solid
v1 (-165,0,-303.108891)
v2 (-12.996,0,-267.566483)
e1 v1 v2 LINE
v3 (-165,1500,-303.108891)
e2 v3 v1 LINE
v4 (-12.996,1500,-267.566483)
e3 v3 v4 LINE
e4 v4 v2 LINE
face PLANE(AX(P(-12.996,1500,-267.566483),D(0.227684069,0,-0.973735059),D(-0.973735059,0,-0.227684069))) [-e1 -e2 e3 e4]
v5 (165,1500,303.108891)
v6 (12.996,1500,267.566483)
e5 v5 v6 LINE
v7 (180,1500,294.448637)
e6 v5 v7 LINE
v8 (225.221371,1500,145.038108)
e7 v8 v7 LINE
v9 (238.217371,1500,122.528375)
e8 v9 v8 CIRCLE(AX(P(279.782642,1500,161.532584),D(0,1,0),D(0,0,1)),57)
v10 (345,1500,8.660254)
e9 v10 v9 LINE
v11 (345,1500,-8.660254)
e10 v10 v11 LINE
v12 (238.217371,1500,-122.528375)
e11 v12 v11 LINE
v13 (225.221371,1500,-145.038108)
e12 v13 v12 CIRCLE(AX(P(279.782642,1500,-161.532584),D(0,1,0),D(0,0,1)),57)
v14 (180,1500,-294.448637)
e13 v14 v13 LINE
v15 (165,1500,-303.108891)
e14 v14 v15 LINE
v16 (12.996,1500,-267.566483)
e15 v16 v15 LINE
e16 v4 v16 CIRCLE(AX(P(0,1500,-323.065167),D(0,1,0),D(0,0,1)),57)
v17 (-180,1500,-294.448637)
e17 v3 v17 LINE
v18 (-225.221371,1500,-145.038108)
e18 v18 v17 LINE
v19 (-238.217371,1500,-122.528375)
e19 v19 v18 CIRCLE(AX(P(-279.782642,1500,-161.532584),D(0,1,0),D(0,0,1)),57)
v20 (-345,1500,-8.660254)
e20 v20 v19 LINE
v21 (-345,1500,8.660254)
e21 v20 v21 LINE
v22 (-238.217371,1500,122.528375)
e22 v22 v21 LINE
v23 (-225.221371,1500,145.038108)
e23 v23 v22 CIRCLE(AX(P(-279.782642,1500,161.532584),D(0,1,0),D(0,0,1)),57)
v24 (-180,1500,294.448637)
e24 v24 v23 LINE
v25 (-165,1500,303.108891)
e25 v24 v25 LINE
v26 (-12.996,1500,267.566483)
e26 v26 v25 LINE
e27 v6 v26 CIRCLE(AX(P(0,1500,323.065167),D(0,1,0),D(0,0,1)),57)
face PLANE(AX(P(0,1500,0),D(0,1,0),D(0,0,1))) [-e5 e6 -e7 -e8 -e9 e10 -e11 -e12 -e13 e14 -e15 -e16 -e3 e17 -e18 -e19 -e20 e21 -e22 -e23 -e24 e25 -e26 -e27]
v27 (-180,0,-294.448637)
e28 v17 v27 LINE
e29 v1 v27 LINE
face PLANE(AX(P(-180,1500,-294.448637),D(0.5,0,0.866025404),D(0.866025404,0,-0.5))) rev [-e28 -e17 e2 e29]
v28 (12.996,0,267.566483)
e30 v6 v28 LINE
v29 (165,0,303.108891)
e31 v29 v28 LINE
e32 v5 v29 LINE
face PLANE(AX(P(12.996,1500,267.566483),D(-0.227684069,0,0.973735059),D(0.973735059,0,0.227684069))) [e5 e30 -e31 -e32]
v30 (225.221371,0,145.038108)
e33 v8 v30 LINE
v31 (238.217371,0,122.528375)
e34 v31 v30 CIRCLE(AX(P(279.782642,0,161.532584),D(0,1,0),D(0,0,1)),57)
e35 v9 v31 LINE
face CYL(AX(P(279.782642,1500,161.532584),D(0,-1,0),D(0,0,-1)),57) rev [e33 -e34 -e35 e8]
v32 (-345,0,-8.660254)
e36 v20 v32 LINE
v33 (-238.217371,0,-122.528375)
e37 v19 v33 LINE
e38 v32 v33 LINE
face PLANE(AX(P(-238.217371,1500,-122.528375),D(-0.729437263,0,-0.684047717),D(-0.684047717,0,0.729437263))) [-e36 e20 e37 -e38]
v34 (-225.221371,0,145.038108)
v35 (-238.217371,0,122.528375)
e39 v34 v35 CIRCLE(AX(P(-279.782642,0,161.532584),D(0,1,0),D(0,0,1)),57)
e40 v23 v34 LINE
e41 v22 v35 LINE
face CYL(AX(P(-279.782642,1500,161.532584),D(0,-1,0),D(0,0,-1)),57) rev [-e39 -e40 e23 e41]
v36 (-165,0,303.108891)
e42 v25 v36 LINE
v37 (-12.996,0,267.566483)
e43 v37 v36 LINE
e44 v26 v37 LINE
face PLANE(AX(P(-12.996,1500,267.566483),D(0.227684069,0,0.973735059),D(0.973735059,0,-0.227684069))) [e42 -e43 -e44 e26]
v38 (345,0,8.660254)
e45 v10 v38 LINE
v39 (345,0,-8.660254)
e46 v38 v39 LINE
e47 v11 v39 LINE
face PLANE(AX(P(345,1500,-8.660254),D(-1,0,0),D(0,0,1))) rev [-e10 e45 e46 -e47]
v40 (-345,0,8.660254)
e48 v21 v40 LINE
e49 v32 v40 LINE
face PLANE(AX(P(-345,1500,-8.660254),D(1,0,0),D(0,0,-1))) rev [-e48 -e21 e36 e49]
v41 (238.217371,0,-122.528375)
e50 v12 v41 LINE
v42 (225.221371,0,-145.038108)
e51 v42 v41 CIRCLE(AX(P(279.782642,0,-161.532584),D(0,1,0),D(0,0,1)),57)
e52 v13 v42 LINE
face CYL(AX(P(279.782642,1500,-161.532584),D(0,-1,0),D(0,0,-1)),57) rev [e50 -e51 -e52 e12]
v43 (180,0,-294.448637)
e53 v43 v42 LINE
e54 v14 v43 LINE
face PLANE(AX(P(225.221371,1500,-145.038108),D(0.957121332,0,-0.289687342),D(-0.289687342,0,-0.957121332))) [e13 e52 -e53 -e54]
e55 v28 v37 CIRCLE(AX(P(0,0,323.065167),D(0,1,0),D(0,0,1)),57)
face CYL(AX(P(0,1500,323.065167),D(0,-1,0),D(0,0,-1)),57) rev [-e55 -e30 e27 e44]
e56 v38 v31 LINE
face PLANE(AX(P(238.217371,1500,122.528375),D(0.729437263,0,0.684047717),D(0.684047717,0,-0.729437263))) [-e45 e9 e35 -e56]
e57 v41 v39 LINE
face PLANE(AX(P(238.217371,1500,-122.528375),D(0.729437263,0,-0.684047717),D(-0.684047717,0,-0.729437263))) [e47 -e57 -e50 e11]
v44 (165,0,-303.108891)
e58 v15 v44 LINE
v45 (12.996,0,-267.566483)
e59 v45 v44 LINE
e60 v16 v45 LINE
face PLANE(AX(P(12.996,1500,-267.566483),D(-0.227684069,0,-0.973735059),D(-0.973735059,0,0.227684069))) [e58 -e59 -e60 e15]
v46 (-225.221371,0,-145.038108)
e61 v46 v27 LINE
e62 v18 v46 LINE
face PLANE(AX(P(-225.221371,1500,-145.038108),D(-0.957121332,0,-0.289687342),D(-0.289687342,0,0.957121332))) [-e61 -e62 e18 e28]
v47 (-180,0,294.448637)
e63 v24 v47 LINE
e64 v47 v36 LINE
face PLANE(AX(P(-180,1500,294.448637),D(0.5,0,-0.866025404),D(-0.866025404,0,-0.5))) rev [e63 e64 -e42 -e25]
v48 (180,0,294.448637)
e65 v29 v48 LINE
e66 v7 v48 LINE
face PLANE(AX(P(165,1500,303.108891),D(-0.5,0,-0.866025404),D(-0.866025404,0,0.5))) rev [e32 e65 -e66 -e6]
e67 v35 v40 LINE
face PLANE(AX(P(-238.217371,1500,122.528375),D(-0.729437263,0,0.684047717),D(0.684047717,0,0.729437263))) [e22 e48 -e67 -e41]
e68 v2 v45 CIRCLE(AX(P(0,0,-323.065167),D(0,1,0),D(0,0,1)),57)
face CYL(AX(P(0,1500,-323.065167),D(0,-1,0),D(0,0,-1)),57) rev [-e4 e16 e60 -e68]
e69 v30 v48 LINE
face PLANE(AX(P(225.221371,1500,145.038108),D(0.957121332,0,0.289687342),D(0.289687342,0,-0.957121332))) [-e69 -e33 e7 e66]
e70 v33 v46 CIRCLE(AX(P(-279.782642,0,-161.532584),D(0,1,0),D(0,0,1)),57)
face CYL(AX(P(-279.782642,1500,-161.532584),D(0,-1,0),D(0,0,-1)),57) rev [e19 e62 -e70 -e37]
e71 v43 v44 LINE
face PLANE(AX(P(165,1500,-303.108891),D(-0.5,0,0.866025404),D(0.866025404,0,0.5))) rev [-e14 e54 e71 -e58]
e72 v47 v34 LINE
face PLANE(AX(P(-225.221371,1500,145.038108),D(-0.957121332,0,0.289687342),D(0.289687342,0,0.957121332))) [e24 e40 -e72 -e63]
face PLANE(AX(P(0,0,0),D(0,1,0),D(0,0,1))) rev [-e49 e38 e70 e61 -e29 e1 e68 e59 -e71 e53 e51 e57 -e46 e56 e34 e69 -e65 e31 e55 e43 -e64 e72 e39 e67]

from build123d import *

# Parameters (mm, degrees)
EXTRUDE_1_DEPTH     = 1500
CUT_EXTRUDE_4_DEPTH = 1500


with BuildPart() as part:
    # 草图2 → 凸台-拉伸1 (new body)
    with BuildSketch(Plane(origin=(0, 0, 0), x_dir=(1, 0, 0), z_dir=(0, 1, 0))):
        Polygon((345, 8.660254038), (180, 294.448637287), (165, 303.108891325), (-165, 303.108891325), (-180, 294.448637287), (-345, 8.660254038), (-345, -8.660254038), (-180, -294.448637287), (-165, -303.108891325), (165, -303.108891325), (180, -294.448637287), (345, -8.660254038), align=None)
    extrude(amount=EXTRUDE_1_DEPTH)

    # 草图5 → 切除-拉伸4 (cut)
    with BuildSketch(Plane(origin=(0, 0, 0), x_dir=(1, 0, 0), z_dir=(0, 1, 0))):
        with BuildLine():
            Line((238.21737139, 122.528375301), (345, 8.660254038))
            Line((345, 8.660254038), (379.520233023, 28.590519866))
            Line((379.520233023, 28.590519866), (334.34391274, 178.027059826))
            ThreePointArc((334.34391274, 178.027059826), (329.146090081, 190.032583711), (321.34791274, 200.536792121))
            Line((321.34791274, 200.536792121), (214.969297582, 314.638170659))
            Line((214.969297582, 314.638170659), (180, 294.448637287))
            Line((180, 294.448637287), (225.22137139, 145.038107596))
            ThreePointArc((225.22137139, 145.038107596), (230.419194049, 133.032583711), (238.21737139, 122.528375301))
        make_face()
        with BuildLine():
            Line((225.22137139, -145.038107596), (180, -294.448637287))
            Line((180, -294.448637287), (214.520233023, -314.378903115))
            Line((214.520233023, -314.378903115), (321.34791274, -200.536792121))
            ThreePointArc((321.34791274, -200.536792121), (329.146090081, -190.032583711), (334.34391274, -178.027059826))
            Line((334.34391274, -178.027059826), (379.969297582, -28.84978741))
            Line((379.969297582, -28.84978741), (345, -8.660254038))
            Line((345, -8.660254038), (238.21737139, -122.528375301))
            ThreePointArc((238.21737139, -122.528375301), (230.419194049, -133.032583711), (225.22137139, -145.038107596))
        make_face()
        with BuildLine():
            Line((12.996, 267.566482896), (165, 303.108891325))
            Line((165, 303.108891325), (165, 342.969422981))
            Line((165, 342.969422981), (12.996, 378.563851946))
            ThreePointArc((12.996, 378.563851946), (0, 380.065167421), (-12.996, 378.563851946))
            Line((-12.996, 378.563851946), (-165, 343.487958069))
            Line((-165, 343.487958069), (-165, 303.108891325))
            Line((-165, 303.108891325), (-12.996, 267.566482896))
            ThreePointArc((-12.996, 267.566482896), (0, 266.065167421), (12.996, 267.566482896))
        make_face()
        with BuildLine():
            Line((-12.996, -267.566482896), (-165, -303.108891325))
            Line((-165, -303.108891325), (-165, -342.969422981))
            Line((-165, -342.969422981), (-12.996, -378.563851946))
            ThreePointArc((-12.996, -378.563851946), (0, -380.065167421), (12.996, -378.563851946))
            Line((12.996, -378.563851946), (165, -343.487958069))
            Line((165, -343.487958069), (165, -303.108891325))
            Line((165, -303.108891325), (12.996, -267.566482896))
            ThreePointArc((12.996, -267.566482896), (0, -266.065167421), (-12.996, -267.566482896))
        make_face()
        with BuildLine():
            Line((-238.21737139, -122.528375301), (-345, -8.660254038))
            Line((-345, -8.660254038), (-379.520233023, -28.590519866))
            Line((-379.520233023, -28.590519866), (-334.34391274, -178.027059826))
            ThreePointArc((-334.34391274, -178.027059826), (-329.146090081, -190.032583711), (-321.34791274, -200.536792121))
            Line((-321.34791274, -200.536792121), (-214.969297582, -314.638170659))
            Line((-214.969297582, -314.638170659), (-180, -294.448637287))
            Line((-180, -294.448637287), (-225.22137139, -145.038107596))
            ThreePointArc((-225.22137139, -145.038107596), (-230.419194049, -133.032583711), (-238.21737139, -122.528375301))
        make_face()
        with BuildLine():
            Line((-225.22137139, 145.038107596), (-180, 294.448637287))
            Line((-180, 294.448637287), (-214.520233023, 314.378903115))
            Line((-214.520233023, 314.378903115), (-321.34791274, 200.536792121))
            ThreePointArc((-321.34791274, 200.536792121), (-329.14609008, 190.032583711), (-334.34391274, 178.027059826))
            Line((-334.34391274, 178.027059826), (-379.969297582, 28.84978741))
            Line((-379.969297582, 28.84978741), (-345, 8.660254038))
            Line((-345, 8.660254038), (-238.21737139, 122.528375301))
            ThreePointArc((-238.21737139, 122.528375301), (-230.419194049, 133.032583711), (-225.22137139, 145.038107596))
        make_face()
    extrude(amount=CUT_EXTRUDE_4_DEPTH, mode=Mode.SUBTRACT)


solid = part.part
